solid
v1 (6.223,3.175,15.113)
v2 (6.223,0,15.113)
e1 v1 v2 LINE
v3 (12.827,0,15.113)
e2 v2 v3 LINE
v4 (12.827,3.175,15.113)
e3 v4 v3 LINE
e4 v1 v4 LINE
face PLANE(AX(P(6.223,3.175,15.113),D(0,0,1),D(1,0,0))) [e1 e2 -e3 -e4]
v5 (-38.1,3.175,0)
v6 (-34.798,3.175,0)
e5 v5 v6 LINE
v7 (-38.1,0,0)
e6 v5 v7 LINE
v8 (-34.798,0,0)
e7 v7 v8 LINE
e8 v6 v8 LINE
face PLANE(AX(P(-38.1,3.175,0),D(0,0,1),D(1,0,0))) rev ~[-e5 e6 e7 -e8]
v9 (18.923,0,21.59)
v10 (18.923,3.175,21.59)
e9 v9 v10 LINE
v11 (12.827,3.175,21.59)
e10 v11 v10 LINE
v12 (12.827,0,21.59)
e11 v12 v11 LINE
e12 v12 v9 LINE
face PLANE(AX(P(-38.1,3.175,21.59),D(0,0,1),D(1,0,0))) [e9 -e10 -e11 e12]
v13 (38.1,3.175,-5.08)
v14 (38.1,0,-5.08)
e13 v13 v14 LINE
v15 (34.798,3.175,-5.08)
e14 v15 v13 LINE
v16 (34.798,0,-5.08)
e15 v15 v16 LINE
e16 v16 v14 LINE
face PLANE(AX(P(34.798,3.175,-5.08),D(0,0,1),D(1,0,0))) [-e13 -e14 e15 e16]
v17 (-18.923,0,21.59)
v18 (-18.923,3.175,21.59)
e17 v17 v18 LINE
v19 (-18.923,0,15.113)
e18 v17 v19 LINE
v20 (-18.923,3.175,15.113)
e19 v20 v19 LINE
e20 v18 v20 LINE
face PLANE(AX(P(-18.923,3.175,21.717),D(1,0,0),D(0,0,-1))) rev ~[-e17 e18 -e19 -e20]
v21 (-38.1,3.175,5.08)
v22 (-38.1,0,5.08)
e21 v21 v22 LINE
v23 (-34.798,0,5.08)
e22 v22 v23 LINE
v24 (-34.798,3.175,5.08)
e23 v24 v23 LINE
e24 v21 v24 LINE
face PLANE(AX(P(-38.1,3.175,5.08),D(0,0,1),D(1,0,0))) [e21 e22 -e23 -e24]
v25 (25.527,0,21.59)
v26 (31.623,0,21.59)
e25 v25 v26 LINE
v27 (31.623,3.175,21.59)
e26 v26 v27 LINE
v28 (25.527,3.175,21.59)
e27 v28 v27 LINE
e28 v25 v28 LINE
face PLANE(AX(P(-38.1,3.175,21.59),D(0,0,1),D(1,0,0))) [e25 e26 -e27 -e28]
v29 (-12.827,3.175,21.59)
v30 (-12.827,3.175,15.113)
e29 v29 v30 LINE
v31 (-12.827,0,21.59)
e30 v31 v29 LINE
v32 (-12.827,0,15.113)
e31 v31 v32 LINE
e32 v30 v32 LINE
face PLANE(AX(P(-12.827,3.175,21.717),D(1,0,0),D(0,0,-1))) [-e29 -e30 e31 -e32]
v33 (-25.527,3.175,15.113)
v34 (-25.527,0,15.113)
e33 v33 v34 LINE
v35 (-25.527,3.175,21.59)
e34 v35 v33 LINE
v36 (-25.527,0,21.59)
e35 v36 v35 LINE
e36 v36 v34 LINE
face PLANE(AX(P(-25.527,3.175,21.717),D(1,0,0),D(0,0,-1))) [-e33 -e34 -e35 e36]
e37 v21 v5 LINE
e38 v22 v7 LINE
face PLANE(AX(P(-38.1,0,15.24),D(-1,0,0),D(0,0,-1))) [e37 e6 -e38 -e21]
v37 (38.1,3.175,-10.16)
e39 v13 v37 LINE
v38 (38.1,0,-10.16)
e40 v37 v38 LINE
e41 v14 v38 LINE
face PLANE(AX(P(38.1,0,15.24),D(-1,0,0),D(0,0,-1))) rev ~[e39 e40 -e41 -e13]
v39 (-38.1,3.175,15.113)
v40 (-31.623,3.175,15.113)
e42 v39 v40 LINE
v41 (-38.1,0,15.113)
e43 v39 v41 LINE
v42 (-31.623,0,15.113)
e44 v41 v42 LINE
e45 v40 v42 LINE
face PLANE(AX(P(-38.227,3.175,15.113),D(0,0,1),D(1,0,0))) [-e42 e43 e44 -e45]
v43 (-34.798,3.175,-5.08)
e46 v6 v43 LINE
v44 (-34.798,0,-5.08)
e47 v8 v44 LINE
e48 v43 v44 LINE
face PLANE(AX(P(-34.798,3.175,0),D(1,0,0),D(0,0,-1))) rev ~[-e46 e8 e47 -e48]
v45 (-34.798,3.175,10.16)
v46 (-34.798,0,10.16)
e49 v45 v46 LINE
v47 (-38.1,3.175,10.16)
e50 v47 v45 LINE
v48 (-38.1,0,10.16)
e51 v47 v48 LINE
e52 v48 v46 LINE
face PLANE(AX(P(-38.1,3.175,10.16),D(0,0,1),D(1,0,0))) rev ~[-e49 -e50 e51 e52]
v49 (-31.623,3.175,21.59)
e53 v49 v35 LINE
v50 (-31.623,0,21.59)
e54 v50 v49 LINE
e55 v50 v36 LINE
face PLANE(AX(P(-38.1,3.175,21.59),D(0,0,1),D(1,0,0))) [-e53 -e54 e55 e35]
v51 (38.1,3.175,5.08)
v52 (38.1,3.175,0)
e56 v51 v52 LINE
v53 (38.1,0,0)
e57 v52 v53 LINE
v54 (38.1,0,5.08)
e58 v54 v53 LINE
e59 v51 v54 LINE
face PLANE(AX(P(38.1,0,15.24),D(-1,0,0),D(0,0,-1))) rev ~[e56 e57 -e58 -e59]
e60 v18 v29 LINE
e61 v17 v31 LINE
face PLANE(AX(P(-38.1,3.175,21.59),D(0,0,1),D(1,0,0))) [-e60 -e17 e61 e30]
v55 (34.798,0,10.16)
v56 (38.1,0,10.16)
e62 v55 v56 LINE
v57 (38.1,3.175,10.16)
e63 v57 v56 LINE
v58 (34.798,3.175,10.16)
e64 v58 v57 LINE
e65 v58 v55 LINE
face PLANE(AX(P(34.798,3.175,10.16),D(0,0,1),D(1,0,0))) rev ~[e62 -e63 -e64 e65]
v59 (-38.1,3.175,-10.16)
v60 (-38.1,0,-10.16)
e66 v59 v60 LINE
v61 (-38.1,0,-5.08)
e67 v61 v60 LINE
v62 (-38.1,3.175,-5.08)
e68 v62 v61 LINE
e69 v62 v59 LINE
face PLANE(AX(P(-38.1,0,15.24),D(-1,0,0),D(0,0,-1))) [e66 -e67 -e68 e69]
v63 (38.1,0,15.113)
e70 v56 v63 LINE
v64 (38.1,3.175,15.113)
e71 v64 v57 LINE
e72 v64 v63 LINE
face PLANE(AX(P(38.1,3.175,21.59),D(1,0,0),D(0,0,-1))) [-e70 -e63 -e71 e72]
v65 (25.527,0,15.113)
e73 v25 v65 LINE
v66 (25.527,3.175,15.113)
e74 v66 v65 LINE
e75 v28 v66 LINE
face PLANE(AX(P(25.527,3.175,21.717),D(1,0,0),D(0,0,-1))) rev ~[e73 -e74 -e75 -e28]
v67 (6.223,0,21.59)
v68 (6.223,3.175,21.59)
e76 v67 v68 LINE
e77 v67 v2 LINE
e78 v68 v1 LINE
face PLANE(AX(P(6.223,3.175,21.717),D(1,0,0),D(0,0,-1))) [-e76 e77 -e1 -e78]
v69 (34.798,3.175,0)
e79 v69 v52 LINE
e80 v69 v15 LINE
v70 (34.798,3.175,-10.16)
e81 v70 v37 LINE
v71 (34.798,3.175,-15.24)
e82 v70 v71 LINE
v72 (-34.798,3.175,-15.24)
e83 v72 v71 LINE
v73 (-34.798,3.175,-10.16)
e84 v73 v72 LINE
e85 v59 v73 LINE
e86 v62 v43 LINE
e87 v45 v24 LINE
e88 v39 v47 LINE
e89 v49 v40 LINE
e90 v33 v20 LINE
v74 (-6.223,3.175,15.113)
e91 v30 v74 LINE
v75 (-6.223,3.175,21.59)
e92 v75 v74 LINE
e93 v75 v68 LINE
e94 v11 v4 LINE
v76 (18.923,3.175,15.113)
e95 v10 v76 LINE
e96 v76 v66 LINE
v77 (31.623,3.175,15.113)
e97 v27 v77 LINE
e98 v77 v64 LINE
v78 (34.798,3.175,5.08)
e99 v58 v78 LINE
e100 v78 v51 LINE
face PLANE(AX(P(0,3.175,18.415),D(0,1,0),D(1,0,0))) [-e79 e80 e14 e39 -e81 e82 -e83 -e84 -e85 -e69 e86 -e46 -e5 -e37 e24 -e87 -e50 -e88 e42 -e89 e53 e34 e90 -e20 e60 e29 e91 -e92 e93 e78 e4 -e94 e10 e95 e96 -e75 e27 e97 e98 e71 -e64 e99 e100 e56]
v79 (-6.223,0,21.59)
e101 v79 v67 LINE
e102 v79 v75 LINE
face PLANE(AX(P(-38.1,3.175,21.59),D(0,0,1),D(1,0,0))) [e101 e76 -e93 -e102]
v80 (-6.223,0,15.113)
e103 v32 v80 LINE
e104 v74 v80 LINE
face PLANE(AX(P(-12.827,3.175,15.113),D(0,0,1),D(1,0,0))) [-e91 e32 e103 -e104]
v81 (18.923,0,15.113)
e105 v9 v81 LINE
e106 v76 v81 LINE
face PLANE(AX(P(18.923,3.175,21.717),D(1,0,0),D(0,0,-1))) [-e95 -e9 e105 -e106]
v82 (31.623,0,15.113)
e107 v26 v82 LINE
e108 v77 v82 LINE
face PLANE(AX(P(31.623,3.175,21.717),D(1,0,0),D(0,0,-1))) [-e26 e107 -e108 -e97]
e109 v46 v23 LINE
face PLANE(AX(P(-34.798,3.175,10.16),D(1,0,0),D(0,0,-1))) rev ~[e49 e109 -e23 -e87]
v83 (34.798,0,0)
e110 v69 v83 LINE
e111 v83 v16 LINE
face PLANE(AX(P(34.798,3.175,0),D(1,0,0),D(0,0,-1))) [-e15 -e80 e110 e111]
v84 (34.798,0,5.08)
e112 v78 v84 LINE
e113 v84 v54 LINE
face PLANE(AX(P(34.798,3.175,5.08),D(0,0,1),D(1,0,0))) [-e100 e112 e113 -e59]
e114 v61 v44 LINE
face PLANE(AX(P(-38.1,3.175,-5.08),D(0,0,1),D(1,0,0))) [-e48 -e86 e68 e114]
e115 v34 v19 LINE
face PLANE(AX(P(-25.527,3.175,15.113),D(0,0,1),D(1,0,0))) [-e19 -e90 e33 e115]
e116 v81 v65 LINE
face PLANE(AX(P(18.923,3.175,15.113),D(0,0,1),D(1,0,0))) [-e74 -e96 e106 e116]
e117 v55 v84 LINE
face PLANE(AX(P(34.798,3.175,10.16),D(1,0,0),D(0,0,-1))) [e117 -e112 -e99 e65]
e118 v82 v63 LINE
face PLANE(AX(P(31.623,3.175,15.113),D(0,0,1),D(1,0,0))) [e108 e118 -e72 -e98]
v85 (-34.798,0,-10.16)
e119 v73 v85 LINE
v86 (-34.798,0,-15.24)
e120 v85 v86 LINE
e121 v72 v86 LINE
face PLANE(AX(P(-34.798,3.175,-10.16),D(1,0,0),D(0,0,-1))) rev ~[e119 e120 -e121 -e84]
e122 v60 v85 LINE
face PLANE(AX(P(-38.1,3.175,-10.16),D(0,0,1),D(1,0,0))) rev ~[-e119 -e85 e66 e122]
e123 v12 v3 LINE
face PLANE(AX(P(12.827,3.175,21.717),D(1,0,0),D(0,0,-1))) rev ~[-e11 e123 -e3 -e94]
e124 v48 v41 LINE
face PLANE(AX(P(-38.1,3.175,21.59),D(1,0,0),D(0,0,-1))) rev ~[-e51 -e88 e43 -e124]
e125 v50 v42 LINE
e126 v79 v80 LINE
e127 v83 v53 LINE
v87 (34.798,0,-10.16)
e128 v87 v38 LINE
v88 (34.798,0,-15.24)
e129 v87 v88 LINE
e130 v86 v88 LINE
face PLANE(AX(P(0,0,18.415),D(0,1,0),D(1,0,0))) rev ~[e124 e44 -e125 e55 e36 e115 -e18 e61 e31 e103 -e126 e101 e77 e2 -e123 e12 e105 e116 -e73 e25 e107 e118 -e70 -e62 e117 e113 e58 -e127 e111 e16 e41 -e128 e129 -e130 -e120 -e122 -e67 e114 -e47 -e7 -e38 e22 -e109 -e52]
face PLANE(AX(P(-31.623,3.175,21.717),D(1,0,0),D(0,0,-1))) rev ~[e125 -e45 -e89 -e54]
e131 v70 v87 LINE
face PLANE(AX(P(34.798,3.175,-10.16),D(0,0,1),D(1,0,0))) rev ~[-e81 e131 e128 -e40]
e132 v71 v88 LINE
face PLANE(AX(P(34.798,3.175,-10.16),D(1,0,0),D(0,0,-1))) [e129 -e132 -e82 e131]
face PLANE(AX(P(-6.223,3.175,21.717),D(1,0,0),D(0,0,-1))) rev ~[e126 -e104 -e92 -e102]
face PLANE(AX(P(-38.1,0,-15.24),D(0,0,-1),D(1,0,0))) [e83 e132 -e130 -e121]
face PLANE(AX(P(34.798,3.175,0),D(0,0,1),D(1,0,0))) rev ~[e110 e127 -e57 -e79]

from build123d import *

# Parameters (mm, degrees)
SKETCH1_W           = 76.2
SKETCH1_H           = 30.48
BOSS_EXTRUDE1_DEPTH = 3.175
SKETCH5_W           = 3.302
SKETCH5_H           = 5.08
CUT_EXTRUDE2_DEPTH  = 42.157602275
SKETCH6_W           = 76.2
SKETCH6_H           = 6.35
BOSS_EXTRUDE3_DEPTH = 3.175
SKETCH7_W           = 6.604
SKETCH7_H           = 6.604
CUT_EXTRUDE3_DEPTH  = 44.906932539


with BuildPart() as part:
    # Sketch1 → Boss-Extrude1 (new body)
    with BuildSketch(Plane(origin=(0, 0, 0), x_dir=(1, 0, 0), z_dir=(0, 1, 0))):
        Rectangle(SKETCH1_W, SKETCH1_H)
    extrude(amount=BOSS_EXTRUDE1_DEPTH)

    # Sketch5 → Cut-Extrude2 (cut, through all)
    with BuildSketch(Plane(origin=(0, 3.175, 0), x_dir=(1, 0, 0), z_dir=(0, 1, 0))):
        with Locations((-36.449, 2.54)):
            Rectangle(SKETCH5_W, SKETCH5_H)
        with Locations((-36.449, 12.7)):
            Rectangle(SKETCH5_W, SKETCH5_H)
        with Locations((-36.449, -7.62)):
            Rectangle(SKETCH5_W, SKETCH5_H)
        with Locations((36.449, -7.62)):
            Rectangle(SKETCH5_W, SKETCH5_H)
        with Locations((36.449, 2.54)):
            Rectangle(SKETCH5_W, SKETCH5_H)
        with Locations((36.449, 12.7)):
            Rectangle(SKETCH5_W, SKETCH5_H)
    extrude(amount=-CUT_EXTRUDE2_DEPTH, mode=Mode.SUBTRACT)

    # Sketch6 → Boss-Extrude3 (add)
    with BuildSketch(Plane(origin=(0, 3.175, 0), x_dir=(1, 0, 0), z_dir=(0, 1, 0))):
        with Locations((0, -18.415)):
            Rectangle(SKETCH6_W, SKETCH6_H)
    extrude(amount=-BOSS_EXTRUDE3_DEPTH)

    # Sketch7 → Cut-Extrude3 (cut, through all)
    with BuildSketch(Plane(origin=(0, 3.175, 0), x_dir=(1, 0, 0), z_dir=(0, 1, 0))):
        with Locations((-34.925, -18.415)):
            Rectangle(SKETCH7_W, SKETCH7_H)
        with Locations((-22.225, -18.415)):
            Rectangle(SKETCH7_W, SKETCH7_H)
        with Locations((-9.525, -18.415)):
            Rectangle(SKETCH7_W, SKETCH7_H)
        with Locations((9.525, -18.415)):
            Rectangle(SKETCH7_W, SKETCH7_H)
        with Locations((22.225, -18.415)):
            Rectangle(SKETCH7_W, SKETCH7_H)
        with Locations((34.925, -18.415)):
            Rectangle(SKETCH7_W, SKETCH7_H)
    extrude(amount=-CUT_EXTRUDE3_DEPTH, mode=Mode.SUBTRACT)


solid = part.part
